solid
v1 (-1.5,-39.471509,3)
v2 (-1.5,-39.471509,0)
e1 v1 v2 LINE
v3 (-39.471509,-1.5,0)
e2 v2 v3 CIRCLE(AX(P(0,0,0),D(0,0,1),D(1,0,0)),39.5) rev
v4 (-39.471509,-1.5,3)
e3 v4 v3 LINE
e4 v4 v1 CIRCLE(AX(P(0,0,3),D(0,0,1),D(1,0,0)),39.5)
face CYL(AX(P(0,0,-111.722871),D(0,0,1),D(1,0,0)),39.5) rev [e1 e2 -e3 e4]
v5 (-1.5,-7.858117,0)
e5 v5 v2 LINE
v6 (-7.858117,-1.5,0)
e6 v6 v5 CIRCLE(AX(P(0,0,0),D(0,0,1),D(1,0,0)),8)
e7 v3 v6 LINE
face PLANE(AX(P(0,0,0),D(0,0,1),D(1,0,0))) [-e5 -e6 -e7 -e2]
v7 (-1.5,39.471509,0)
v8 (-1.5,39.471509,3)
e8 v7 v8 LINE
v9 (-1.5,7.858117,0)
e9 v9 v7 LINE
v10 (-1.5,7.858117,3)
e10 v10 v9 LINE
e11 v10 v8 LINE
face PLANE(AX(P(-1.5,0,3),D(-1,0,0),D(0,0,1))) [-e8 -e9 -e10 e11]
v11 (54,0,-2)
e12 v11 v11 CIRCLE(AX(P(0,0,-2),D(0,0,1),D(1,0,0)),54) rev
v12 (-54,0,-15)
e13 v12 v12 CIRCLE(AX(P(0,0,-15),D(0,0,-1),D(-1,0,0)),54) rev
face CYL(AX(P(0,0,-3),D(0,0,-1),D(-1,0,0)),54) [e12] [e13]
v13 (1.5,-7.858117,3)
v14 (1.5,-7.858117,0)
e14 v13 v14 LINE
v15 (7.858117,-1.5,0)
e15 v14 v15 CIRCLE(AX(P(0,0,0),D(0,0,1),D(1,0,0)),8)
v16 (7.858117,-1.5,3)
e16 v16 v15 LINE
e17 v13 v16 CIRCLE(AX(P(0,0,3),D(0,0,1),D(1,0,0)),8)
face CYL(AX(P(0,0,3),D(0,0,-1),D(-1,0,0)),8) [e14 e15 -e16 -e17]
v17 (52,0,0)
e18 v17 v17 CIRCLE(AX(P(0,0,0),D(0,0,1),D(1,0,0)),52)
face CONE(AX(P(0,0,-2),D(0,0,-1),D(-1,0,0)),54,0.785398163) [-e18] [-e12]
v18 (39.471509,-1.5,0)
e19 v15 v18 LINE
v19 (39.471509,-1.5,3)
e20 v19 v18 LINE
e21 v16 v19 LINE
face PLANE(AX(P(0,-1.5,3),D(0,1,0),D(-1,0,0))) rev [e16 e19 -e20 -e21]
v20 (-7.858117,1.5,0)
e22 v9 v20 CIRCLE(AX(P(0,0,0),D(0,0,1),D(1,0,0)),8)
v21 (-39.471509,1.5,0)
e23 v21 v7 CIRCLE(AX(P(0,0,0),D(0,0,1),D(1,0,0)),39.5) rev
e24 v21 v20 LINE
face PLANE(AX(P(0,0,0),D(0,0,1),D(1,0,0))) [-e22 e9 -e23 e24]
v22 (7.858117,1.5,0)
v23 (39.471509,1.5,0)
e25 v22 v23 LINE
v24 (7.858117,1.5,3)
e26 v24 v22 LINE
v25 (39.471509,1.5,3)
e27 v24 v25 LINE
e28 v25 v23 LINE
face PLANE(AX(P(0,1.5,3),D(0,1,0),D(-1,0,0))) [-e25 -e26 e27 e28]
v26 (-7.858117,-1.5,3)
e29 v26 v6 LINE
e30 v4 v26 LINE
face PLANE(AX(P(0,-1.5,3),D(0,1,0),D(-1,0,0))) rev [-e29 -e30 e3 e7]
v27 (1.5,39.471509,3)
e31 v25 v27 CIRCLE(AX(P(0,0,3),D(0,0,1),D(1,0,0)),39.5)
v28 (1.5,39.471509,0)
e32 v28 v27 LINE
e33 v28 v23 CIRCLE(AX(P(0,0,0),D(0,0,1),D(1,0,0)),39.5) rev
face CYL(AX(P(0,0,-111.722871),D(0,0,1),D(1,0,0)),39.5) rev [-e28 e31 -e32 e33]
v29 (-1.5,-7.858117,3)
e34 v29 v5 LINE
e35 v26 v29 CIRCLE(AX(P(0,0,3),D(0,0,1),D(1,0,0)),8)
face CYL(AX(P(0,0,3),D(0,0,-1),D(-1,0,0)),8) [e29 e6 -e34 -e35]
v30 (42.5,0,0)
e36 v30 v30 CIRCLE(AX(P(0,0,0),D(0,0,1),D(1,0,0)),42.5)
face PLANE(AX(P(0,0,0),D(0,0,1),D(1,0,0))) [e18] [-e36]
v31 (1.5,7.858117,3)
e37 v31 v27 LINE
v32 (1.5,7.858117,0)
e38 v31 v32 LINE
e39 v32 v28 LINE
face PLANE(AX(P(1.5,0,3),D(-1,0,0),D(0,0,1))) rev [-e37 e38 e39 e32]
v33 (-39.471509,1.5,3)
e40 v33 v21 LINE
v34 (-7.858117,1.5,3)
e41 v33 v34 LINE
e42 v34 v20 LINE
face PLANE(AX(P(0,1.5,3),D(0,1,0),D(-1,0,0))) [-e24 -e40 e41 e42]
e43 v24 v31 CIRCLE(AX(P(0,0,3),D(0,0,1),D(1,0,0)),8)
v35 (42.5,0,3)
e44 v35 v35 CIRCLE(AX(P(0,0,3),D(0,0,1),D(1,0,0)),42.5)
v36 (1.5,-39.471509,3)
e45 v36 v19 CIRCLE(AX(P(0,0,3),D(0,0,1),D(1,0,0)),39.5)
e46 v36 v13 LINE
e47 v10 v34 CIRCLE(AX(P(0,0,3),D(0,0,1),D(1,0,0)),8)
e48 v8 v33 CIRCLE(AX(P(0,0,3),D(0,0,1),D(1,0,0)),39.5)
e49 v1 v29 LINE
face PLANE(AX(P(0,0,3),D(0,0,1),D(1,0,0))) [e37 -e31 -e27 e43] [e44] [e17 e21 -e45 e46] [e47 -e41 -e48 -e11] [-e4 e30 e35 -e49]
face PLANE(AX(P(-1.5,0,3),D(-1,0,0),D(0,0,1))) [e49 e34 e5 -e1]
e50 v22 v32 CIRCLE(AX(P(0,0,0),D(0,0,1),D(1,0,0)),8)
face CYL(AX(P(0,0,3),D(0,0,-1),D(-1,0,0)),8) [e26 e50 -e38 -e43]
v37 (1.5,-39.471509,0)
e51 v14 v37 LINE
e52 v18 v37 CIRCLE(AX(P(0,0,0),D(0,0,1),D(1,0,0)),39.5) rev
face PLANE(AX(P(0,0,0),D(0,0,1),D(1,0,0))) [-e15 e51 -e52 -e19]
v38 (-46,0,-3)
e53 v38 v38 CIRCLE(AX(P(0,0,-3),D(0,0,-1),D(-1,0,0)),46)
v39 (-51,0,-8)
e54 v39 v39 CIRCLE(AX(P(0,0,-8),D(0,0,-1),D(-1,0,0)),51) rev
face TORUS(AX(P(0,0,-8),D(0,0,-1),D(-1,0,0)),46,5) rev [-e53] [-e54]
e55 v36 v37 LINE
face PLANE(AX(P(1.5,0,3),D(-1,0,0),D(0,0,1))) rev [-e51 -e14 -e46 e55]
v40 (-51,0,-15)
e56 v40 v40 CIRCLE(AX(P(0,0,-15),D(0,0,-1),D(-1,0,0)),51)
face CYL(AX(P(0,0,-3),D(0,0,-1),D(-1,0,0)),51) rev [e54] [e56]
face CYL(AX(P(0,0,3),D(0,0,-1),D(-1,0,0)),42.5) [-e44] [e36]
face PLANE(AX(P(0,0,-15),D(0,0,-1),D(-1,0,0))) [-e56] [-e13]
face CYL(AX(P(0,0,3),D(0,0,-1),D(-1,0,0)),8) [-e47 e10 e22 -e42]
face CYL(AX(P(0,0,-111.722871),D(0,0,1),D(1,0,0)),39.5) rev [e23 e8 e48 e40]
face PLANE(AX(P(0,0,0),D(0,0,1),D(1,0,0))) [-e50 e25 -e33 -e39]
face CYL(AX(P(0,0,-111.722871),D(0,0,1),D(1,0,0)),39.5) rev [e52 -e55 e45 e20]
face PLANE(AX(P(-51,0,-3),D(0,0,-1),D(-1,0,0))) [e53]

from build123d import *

# Parameters (mm, degrees)
EXTRUDE_1_DEPTH                  = 10
FILLET_1_R                       = 2
PATTERN_CIRCULAR_2_COUNT         = 3
FILLET_1_OF_PATTERN_CIRCULAR_2_R = 2
CUT_EXTRUDE_START                = -15
SKETCH_3_R                       = 51
CUT_EXTRUDE_1_DEPTH              = 15
SKETCH_4_R                       = 62.618720145
SKETCH_4_R_2                     = 57
CUT_EXTRUDE_2_DEPTH              = 15
CHAMFER_1_SIZE                   = 2
FILLET_2_R                       = 5
SKETCH_5_R                       = 42.5
EXTRUDE_2_DEPTH                  = 3
SKETCH_7_R                       = 39.5
CUT_EXTRUDE_3_DEPTH              = 3
EXTRUDE_START                    = 3
SKETCH_8_W                       = 3
SKETCH_8_H                       = 3
EXTRUDE_4_DEPTH                  = 3
SKETCH_9_R                       = 73.179522897
CUT_EXTRUDE_4_DEPTH              = 130


with BuildPart() as part:
    # Эскиз1 → Повернуть1 (revolve)
    with BuildSketch(Plane(origin=(0, 0, 0), x_dir=(1, 0, 0), z_dir=(0, 1, 0))):
        Polygon((0, 0), (-54, 0), (-54, 145), (-51, 145), (-51, 3), (0, 3), align=None)
    revolve(axis=Axis((0, 0, -3), (0, 0, 1)))

    # Эскиз2 → Бобышка-Вытянуть1 (add)
    with BuildSketch(Plane(origin=(57, 0, 0), x_dir=(0, 0, -1), z_dir=(1, 0, 0))):
        Polygon((145, 14), (145, -14), (140, -14), (138.5, 11), (134, 11), (134, 14), align=None)
    extrude_1 = extrude(amount=-EXTRUDE_1_DEPTH)

    # Скругление1
    fillet_1_edges = [part.edges().sort_by_distance(p)[0] for p in [
        (54.576809621, -14, -140),
    ]]
    fillet(fillet_1_edges, radius=FILLET_1_R)

    # Круговой массив2: Бобышка-Вытянуть1 ×3 about axis
    pattern_circular_2_axis = Axis((0, 0, 0), (0, 0, 1))
    for i in range(1, PATTERN_CIRCULAR_2_COUNT):
        add(extrude_1.rotate(pattern_circular_2_axis, i * 360 / PATTERN_CIRCULAR_2_COUNT))

    # Скругление1 of Круговой массив2
    fillet_1_of_pattern_circular_2_edges = [part.edges().sort_by_distance(p)[0] for p in [
        (-15.164049157, 54.264903589, -140),
        (-39.412760463, -40.264903589, -140),
    ]]
    fillet(fillet_1_of_pattern_circular_2_edges, radius=FILLET_1_OF_PATTERN_CIRCULAR_2_R)

    # Эскиз3 → Вырез-Вытянуть1 (cut)
    with BuildSketch(Plane(origin=(0, 0, -145), x_dir=(-1, 0, 0), z_dir=(0, 0, -1)).offset(CUT_EXTRUDE_START)):
        Circle(SKETCH_3_R)
    extrude(amount=CUT_EXTRUDE_1_DEPTH, mode=Mode.SUBTRACT)

    # Эскиз4 → Вырез-Вытянуть2 (cut)
    with BuildSketch(Plane(origin=(0, 0, -145), x_dir=(-1, 0, 0), z_dir=(0, 0, -1))):
        Circle(SKETCH_4_R)
        Circle(SKETCH_4_R_2, mode=Mode.SUBTRACT)
    extrude(amount=-CUT_EXTRUDE_2_DEPTH, mode=Mode.SUBTRACT)

    # Фаска1
    chamfer_1_edges = [part.edges().sort_by_distance(p)[0] for p in [
        (54, 0, 0),
    ]]
    chamfer(chamfer_1_edges, length=CHAMFER_1_SIZE)

    # Скругление2
    fillet_2_edges = [part.edges().sort_by_distance(p)[0] for p in [
        (51, 0, -3),
    ]]
    fillet(fillet_2_edges, radius=FILLET_2_R)

    # Эскиз5 → Бобышка-Вытянуть2 (add)
    with BuildSketch(Plane.XY):
        Circle(SKETCH_5_R)
    extrude(amount=EXTRUDE_2_DEPTH)

    # Эскиз7 → Вырез-Вытянуть3 (cut)
    with BuildSketch(Plane.XY.offset(3)):
        Circle(SKETCH_7_R)
    extrude(amount=-CUT_EXTRUDE_3_DEPTH, mode=Mode.SUBTRACT)

    # Эскиз8 → Бобышка-Вытянуть4 (add)
    with BuildSketch(Plane.XY.offset(EXTRUDE_START)):
        with BuildLine():
            Line((-1.5, -7.858116823), (-1.5, -39.471508712))
            ThreePointArc((-1.5, -39.471508712), (0, -39.5), (1.5, -39.471508712))
            Line((1.5, -39.471508712), (1.5, -7.858116823))
            ThreePointArc((1.5, -7.858116823), (0, -8), (-1.5, -7.858116823))
        make_face()
        with BuildLine():
            ThreePointArc((1.5, 39.471508712), (0, 39.5), (-1.5, 39.471508712))
            Line((-1.5, 39.471508712), (-1.5, 7.858116823))
            ThreePointArc((-1.5, 7.858116823), (0, 8), (1.5, 7.858116823))
            Line((1.5, 7.858116823), (1.5, 39.471508712))
        make_face()
        with BuildLine():
            Line((-1.5, 7.858116823), (-1.5, 1.5))
            Line((-1.5, 1.5), (1.5, 1.5))
            Line((1.5, 1.5), (1.5, 7.858116823))
            ThreePointArc((1.5, 7.858116823), (0, 8), (-1.5, 7.858116823))
        make_face()
        with BuildLine():
            Line((1.5, 7.858116823), (1.5, 1.5))
            Line((1.5, 1.5), (7.858116823, 1.5))
            ThreePointArc((7.858116823, 1.5), (5.656854249, 5.656854249), (1.5, 7.858116823))
        make_face()
        with BuildLine():
            Line((1.5, 1.5), (1.5, -1.5))
            Line((1.5, -1.5), (7.858116823, -1.5))
            ThreePointArc((7.858116823, -1.5), (7.964450219, -0.753347668), (8, 0))
            ThreePointArc((8, 0), (7.964450219, 0.753347668), (7.858116823, 1.5))
            Line((7.858116823, 1.5), (1.5, 1.5))
        make_face()
        with BuildLine():
            ThreePointArc((-39.471508712, 1.5), (-39.5, 0), (-39.471508712, -1.5))
            Line((-39.471508712, -1.5), (-7.858116823, -1.5))
            ThreePointArc((-7.858116823, -1.5), (-8, 0), (-7.858116823, 1.5))
            Line((-7.858116823, 1.5), (-39.471508712, 1.5))
        make_face()
        with BuildLine():
            Line((7.858116823, -1.5), (39.471508712, -1.5))
            ThreePointArc((39.471508712, -1.5), (39.492876536, -0.75013528), (39.5, 0))
            ThreePointArc((39.5, 0), (39.492876536, 0.75013528), (39.471508712, 1.5))
            Line((39.471508712, 1.5), (7.858116823, 1.5))
            ThreePointArc((7.858116823, 1.5), (7.964450219, 0.753347668), (8, 0))
            ThreePointArc((8, 0), (7.964450219, -0.753347668), (7.858116823, -1.5))
        make_face()
        with BuildLine():
            Line((1.5, -1.5), (1.5, -7.858116823))
            ThreePointArc((1.5, -7.858116823), (5.656854249, -5.656854249), (7.858116823, -1.5))
            Line((7.858116823, -1.5), (1.5, -1.5))
        make_face()
        with BuildLine():
            Line((-1.5, -1.5), (-1.5, -7.858116823))
            ThreePointArc((-1.5, -7.858116823), (0, -8), (1.5, -7.858116823))
            Line((1.5, -7.858116823), (1.5, -1.5))
            Line((1.5, -1.5), (-1.5, -1.5))
        make_face()
        Rectangle(SKETCH_8_W, SKETCH_8_H)
        with BuildLine():
            Line((-7.858116823, 1.5), (-1.5, 1.5))
            Line((-1.5, 1.5), (-1.5, 7.858116823))
            ThreePointArc((-1.5, 7.858116823), (-5.656854249, 5.656854249), (-7.858116823, 1.5))
        make_face()
        with BuildLine():
            Line((-7.858116823, -1.5), (-1.5, -1.5))
            Line((-1.5, -1.5), (-1.5, 1.5))
            Line((-1.5, 1.5), (-7.858116823, 1.5))
            ThreePointArc((-7.858116823, 1.5), (-8, 0), (-7.858116823, -1.5))
        make_face()
        with BuildLine():
            ThreePointArc((-7.858116823, -1.5), (-5.656854249, -5.656854249), (-1.5, -7.858116823))
            Line((-1.5, -7.858116823), (-1.5, -1.5))
            Line((-1.5, -1.5), (-7.858116823, -1.5))
        make_face()
    extrude(amount=-EXTRUDE_4_DEPTH)

    # Эскиз9 → Вырез-Вытянуть4 (cut)
    with BuildSketch(Plane(origin=(0, 0, -145), x_dir=(-1, 0, 0), z_dir=(0, 0, -1))):
        Circle(SKETCH_9_R)
    extrude(amount=-CUT_EXTRUDE_4_DEPTH, mode=Mode.SUBTRACT)


solid = part.part
